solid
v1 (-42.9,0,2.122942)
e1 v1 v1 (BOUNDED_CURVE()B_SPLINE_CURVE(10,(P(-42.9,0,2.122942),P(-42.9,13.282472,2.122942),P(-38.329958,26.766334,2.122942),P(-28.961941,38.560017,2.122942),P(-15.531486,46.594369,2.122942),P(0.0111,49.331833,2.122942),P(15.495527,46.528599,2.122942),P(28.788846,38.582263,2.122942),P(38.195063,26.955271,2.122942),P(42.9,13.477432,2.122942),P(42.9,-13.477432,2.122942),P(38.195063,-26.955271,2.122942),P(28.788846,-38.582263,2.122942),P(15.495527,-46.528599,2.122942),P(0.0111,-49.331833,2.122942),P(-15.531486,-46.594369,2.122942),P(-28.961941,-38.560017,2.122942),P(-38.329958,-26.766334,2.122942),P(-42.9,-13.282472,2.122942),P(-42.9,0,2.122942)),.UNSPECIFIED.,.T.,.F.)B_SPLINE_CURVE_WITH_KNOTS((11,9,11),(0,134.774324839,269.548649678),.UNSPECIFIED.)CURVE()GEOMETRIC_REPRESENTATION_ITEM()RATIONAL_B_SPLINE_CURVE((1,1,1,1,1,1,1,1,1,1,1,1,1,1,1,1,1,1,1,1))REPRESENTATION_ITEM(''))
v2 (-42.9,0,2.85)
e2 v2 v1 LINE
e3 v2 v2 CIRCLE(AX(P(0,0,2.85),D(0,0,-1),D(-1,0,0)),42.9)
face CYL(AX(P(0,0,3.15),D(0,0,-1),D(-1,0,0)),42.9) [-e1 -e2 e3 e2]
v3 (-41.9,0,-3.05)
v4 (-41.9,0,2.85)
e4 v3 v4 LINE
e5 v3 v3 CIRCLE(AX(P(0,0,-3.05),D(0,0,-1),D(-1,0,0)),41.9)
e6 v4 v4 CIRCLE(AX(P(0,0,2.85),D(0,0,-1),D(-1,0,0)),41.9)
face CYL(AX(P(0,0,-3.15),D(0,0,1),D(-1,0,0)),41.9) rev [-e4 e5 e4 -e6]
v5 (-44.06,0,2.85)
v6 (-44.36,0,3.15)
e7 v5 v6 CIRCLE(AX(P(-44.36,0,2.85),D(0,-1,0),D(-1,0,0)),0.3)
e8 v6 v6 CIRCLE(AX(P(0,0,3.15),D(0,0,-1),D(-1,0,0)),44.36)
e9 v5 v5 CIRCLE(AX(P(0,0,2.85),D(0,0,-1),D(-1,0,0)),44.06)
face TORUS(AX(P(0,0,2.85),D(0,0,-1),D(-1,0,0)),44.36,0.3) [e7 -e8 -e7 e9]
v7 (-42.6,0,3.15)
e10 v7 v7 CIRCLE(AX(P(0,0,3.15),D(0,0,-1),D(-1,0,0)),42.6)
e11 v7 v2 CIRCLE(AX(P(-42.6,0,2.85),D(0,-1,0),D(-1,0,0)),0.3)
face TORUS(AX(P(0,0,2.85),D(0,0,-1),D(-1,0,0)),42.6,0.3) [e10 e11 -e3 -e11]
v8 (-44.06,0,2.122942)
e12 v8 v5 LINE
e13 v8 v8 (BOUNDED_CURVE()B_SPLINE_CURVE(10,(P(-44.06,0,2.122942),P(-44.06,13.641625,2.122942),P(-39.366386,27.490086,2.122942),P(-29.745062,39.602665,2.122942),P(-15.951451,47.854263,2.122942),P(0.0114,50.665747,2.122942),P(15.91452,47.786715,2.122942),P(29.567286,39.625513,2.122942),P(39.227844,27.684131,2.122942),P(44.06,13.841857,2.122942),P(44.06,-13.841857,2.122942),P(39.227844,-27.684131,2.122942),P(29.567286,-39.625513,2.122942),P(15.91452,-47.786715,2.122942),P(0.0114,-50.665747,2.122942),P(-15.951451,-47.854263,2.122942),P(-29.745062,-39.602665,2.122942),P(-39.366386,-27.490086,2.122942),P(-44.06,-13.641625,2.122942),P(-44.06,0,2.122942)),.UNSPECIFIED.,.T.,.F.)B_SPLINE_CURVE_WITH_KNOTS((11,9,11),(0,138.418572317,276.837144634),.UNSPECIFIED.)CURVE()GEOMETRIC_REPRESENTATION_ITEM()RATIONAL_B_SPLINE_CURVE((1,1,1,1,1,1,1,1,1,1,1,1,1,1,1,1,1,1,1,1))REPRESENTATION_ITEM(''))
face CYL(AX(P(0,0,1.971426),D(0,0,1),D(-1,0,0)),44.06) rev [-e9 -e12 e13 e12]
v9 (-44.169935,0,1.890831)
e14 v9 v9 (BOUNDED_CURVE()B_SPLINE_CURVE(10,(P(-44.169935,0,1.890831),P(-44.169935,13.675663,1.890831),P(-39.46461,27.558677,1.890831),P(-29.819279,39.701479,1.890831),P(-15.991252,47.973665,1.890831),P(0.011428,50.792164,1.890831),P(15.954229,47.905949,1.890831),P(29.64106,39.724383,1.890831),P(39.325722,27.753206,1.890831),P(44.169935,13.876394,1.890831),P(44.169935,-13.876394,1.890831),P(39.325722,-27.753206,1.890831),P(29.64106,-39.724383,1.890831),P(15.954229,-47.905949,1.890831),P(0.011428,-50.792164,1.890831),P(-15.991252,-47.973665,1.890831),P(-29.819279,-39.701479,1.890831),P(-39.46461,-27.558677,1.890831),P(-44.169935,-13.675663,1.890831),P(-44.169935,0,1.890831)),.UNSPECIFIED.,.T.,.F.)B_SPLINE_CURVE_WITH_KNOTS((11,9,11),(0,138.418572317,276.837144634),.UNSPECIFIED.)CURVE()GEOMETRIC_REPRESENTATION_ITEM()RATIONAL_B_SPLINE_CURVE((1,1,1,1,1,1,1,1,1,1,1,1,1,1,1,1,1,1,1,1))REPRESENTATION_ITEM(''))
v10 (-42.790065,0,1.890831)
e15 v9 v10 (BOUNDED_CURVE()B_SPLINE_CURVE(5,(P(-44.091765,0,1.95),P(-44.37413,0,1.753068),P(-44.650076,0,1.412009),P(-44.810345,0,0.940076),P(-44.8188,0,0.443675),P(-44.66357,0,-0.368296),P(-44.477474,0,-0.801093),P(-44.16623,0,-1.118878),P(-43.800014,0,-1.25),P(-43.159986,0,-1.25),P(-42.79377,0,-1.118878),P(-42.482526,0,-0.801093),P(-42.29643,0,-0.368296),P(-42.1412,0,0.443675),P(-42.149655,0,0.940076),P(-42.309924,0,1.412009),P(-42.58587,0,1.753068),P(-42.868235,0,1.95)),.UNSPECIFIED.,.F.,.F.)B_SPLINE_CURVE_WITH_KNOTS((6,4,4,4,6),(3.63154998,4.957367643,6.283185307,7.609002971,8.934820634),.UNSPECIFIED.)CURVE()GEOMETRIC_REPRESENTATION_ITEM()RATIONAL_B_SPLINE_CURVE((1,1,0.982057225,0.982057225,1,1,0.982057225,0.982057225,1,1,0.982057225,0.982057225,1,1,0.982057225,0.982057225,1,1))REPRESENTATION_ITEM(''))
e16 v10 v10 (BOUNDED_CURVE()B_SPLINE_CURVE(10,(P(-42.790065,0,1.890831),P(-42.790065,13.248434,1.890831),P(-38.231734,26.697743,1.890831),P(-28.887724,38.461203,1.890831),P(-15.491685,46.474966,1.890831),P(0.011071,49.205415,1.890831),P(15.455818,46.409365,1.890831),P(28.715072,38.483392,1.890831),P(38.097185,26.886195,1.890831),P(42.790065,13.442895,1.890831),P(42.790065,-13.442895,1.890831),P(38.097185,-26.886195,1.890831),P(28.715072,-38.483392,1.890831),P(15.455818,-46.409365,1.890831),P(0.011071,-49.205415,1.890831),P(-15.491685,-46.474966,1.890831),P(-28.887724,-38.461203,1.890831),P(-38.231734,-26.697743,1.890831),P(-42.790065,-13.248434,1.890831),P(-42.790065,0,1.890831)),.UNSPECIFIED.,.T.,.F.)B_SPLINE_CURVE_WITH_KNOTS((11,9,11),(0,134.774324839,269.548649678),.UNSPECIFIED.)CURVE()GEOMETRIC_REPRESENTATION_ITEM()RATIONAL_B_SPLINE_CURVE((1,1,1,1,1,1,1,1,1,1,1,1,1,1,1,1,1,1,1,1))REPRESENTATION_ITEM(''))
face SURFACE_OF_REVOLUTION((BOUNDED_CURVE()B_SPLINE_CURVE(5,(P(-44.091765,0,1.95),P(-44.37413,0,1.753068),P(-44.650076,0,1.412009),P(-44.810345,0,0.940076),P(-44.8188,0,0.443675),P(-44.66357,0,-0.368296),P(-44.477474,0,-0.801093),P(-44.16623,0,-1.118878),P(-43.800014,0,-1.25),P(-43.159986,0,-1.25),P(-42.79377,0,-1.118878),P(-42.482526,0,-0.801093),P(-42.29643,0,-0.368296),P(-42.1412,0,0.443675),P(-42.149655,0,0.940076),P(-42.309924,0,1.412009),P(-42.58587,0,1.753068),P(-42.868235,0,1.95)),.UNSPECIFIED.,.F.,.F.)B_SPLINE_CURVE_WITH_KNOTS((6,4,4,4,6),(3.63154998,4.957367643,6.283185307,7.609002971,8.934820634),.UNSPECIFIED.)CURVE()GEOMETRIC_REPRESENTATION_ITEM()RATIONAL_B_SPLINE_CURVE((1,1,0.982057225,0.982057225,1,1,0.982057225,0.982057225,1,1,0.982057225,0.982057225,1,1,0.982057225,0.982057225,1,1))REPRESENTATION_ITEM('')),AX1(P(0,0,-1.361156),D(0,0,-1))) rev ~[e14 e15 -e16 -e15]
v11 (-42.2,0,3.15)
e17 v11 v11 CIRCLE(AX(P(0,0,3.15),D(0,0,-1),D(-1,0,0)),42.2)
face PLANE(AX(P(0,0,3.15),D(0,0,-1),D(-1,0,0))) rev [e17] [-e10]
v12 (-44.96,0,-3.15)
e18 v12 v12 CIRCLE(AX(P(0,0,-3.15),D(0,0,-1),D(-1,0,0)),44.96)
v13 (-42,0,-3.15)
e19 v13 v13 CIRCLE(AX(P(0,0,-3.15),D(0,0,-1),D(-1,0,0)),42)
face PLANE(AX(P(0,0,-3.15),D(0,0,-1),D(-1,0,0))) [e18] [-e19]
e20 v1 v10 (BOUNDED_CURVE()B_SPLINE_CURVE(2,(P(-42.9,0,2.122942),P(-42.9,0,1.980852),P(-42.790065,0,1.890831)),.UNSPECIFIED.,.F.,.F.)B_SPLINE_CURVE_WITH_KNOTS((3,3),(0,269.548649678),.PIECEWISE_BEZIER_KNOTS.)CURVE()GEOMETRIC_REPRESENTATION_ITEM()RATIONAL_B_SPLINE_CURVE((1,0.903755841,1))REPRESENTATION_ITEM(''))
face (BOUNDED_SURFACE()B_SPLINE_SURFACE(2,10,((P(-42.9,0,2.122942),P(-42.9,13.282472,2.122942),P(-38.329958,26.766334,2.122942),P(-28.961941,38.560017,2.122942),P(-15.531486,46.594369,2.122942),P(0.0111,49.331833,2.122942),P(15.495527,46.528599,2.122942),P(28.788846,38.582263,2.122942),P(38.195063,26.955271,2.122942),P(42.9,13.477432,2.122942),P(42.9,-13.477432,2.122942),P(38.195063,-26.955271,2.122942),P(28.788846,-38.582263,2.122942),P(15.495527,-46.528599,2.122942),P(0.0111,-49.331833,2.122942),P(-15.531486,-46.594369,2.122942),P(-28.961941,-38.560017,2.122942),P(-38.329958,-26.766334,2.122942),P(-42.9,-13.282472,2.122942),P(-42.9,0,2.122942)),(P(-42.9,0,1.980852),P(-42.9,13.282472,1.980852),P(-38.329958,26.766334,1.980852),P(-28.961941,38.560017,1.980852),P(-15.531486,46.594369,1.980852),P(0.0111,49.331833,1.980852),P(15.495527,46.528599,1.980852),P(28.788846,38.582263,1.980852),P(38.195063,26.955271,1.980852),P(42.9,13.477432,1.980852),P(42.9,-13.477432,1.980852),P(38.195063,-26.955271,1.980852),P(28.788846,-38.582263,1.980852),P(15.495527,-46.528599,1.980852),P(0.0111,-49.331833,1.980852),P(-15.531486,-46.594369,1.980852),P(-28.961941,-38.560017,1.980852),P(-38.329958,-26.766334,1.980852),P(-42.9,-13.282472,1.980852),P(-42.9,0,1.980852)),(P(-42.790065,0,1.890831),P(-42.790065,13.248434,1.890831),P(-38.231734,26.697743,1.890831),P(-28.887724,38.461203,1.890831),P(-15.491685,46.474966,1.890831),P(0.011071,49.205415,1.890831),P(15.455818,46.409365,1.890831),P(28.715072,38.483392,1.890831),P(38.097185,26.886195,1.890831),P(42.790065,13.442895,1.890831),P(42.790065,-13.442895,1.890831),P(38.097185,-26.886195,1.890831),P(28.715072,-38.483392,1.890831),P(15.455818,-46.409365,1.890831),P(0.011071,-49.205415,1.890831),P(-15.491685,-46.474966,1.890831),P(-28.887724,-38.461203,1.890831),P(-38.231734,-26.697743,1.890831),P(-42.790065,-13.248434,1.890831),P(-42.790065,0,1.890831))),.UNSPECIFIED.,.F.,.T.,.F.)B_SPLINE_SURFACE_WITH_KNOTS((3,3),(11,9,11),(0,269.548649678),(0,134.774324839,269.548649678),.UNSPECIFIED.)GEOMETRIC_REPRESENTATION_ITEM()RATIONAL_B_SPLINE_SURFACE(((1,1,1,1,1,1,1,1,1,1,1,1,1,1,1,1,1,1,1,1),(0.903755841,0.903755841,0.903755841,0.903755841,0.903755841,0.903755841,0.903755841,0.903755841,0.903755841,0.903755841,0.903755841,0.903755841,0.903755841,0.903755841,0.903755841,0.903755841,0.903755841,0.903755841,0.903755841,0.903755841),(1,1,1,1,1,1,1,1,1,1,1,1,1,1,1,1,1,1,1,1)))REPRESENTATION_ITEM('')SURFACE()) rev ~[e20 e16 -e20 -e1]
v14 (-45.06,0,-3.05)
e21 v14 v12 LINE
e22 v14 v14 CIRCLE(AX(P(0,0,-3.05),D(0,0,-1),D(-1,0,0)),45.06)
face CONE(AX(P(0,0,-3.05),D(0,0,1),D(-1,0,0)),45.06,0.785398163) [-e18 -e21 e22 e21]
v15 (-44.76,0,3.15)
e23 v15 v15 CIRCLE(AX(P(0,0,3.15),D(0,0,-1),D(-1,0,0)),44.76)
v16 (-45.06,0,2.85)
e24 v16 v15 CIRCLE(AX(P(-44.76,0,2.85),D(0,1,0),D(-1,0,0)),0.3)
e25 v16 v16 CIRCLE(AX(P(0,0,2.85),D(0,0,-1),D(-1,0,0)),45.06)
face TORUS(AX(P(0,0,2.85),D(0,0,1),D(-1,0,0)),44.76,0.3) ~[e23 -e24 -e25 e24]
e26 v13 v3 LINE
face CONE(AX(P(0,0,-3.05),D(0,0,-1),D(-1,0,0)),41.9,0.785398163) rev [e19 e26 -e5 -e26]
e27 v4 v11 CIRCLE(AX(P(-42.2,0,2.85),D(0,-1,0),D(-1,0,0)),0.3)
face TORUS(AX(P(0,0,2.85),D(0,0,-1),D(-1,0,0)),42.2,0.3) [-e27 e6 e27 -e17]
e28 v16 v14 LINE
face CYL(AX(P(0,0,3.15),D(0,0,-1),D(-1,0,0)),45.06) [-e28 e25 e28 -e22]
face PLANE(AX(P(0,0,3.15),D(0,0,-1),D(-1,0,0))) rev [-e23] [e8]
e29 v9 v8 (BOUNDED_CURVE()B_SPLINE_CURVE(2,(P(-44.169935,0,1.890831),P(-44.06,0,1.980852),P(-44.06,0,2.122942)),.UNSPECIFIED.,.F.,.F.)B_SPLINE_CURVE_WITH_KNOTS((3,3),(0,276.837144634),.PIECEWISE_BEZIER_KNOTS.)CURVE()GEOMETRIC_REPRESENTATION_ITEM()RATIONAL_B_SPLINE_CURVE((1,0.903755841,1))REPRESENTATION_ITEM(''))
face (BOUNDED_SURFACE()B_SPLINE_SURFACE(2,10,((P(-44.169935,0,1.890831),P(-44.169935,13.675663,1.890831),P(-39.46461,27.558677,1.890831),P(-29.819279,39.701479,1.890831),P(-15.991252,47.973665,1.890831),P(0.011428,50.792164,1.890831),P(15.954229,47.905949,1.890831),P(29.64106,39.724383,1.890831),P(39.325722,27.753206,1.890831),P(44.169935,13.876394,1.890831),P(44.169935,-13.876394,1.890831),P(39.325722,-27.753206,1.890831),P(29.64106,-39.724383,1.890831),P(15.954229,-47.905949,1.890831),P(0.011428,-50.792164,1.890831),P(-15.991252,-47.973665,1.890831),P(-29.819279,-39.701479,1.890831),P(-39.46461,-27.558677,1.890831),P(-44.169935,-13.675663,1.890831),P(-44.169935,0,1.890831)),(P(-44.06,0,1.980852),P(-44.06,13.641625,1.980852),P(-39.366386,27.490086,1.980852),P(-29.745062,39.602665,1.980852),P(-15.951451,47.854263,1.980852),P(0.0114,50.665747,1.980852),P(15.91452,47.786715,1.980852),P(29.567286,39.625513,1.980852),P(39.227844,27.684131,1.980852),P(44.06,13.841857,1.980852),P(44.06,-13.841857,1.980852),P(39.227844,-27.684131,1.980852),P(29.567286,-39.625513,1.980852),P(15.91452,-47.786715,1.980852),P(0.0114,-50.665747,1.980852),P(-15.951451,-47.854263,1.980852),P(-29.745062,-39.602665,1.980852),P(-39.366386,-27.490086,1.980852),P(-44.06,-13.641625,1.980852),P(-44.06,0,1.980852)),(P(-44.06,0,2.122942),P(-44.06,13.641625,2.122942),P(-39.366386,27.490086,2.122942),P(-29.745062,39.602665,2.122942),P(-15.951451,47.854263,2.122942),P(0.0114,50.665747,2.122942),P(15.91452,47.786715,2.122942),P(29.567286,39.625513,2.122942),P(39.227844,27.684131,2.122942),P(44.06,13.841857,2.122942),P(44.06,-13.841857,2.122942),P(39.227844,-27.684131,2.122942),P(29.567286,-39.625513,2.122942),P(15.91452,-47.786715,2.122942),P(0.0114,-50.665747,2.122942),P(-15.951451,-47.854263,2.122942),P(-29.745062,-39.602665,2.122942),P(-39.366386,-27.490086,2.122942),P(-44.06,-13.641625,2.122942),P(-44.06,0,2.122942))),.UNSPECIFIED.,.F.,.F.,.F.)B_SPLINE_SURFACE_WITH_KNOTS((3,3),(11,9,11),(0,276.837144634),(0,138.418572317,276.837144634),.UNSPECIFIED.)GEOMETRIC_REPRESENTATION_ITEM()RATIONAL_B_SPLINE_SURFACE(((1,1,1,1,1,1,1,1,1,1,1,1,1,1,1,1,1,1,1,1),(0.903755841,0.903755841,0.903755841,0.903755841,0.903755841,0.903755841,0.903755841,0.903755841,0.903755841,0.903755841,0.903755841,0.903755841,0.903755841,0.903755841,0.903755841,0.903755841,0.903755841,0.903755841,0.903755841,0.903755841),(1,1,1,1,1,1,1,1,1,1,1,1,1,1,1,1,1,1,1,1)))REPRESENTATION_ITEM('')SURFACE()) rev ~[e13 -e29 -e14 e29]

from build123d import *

# Parameters (mm, degrees)
F2_R    = 0.3
F3_SIZE = 0.1


with BuildPart() as f1:
    # F0 (on Front) → F1 (revolve)
    with BuildSketch(Plane.XZ):
        with BuildLine():
            Line((-45.06, 3.15), (-45.06, 1.95))
            Line((-45.06, 1.95), (-44.0917647059, 1.95))
            add(Edge.make_bspline(
                [(-44.06, 1.9714256783), (-44.0759949786, 1.9609983739), (-44.0917647059, 1.95)],
                knots=[3.6040557773, 3.6040557773, 3.6040557773, 3.6315499798, 3.6315499798, 3.6315499798], degree=2, weights=[1, 0.9999055101, 1]))
            Line((-44.06, 1.9714256783), (-44.06, 3.15))
            Line((-44.06, 3.15), (-45.06, 3.15))
        make_face()
        with BuildLine():
            Line((-42.8682352941, 1.95), (-41.9, 1.95))
            Line((-41.9, 1.95), (-41.9, 3.15))
            Line((-41.9, 3.15), (-42.9, 3.15))
            Line((-42.9, 3.15), (-42.9, 1.9714256783))
            add(Edge.make_bspline(
                [(-42.8682352941, 1.95), (-42.8840050214, 1.9609983739), (-42.9, 1.9714256783)],
                knots=[2.6516353273, 2.6516353273, 2.6516353273, 2.6791295299, 2.6791295299, 2.6791295299], degree=2, weights=[1, 0.9999055101, 1]))
        make_face()
        with BuildLine():
            Line((-45.06, -3.15), (-41.9, -3.15))
            Line((-41.9, -3.15), (-41.9, 1.95))
            Line((-41.9, 1.95), (-42.8682352941, 1.95))
            add(Edge.make_bspline(
                [(-43.48, -1.25), (-42.4649906717, -1.25), (-42.2188147498, 0.0376894374), (-41.9726388279, 1.3253788749), (-42.8682352941, 1.95)],
                knots=[0, 0, 0, 1.3258176637, 1.3258176637, 2.6516353273, 2.6516353273, 2.6516353273], degree=2, weights=[1, 0.788205438, 1, 0.788205438, 1]))
            add(Edge.make_bspline(
                [(-44.0917647059, 1.95), (-44.9873611721, 1.3253788749), (-44.7411852502, 0.0376894374), (-44.4950093283, -1.25), (-43.48, -1.25)],
                knots=[3.6315499798, 3.6315499798, 3.6315499798, 4.9573676435, 4.9573676435, 6.2831853072, 6.2831853072, 6.2831853072], degree=2, weights=[1, 0.788205438, 1, 0.788205438, 1]))
            Line((-44.0917647059, 1.95), (-45.06, 1.95))
            Line((-45.06, 1.95), (-45.06, -3.15))
        make_face()
    revolve(axis=Axis((0, 0, -1.3611563481), (0, 0, -1)))

    # F2
    f2_edges = [f1.edges().sort_by_distance(p)[0] for p in [
        (45.06, 0, 3.15),
        (44.06, 0, 3.15),
        (42.9, 0, 3.15),
        (41.9, 0, 3.15),
        (44.06, 0, 1.971426),
        (42.9, 0, 1.971426),
    ]]
    fillet(f2_edges, radius=F2_R)

    # F3
    f3_edges = [f1.edges().sort_by_distance(p)[0] for p in [
        (45.06, 0, -3.15),
        (41.9, 0, -3.15),
    ]]
    chamfer(f3_edges, length=F3_SIZE)


solid = f1.part
